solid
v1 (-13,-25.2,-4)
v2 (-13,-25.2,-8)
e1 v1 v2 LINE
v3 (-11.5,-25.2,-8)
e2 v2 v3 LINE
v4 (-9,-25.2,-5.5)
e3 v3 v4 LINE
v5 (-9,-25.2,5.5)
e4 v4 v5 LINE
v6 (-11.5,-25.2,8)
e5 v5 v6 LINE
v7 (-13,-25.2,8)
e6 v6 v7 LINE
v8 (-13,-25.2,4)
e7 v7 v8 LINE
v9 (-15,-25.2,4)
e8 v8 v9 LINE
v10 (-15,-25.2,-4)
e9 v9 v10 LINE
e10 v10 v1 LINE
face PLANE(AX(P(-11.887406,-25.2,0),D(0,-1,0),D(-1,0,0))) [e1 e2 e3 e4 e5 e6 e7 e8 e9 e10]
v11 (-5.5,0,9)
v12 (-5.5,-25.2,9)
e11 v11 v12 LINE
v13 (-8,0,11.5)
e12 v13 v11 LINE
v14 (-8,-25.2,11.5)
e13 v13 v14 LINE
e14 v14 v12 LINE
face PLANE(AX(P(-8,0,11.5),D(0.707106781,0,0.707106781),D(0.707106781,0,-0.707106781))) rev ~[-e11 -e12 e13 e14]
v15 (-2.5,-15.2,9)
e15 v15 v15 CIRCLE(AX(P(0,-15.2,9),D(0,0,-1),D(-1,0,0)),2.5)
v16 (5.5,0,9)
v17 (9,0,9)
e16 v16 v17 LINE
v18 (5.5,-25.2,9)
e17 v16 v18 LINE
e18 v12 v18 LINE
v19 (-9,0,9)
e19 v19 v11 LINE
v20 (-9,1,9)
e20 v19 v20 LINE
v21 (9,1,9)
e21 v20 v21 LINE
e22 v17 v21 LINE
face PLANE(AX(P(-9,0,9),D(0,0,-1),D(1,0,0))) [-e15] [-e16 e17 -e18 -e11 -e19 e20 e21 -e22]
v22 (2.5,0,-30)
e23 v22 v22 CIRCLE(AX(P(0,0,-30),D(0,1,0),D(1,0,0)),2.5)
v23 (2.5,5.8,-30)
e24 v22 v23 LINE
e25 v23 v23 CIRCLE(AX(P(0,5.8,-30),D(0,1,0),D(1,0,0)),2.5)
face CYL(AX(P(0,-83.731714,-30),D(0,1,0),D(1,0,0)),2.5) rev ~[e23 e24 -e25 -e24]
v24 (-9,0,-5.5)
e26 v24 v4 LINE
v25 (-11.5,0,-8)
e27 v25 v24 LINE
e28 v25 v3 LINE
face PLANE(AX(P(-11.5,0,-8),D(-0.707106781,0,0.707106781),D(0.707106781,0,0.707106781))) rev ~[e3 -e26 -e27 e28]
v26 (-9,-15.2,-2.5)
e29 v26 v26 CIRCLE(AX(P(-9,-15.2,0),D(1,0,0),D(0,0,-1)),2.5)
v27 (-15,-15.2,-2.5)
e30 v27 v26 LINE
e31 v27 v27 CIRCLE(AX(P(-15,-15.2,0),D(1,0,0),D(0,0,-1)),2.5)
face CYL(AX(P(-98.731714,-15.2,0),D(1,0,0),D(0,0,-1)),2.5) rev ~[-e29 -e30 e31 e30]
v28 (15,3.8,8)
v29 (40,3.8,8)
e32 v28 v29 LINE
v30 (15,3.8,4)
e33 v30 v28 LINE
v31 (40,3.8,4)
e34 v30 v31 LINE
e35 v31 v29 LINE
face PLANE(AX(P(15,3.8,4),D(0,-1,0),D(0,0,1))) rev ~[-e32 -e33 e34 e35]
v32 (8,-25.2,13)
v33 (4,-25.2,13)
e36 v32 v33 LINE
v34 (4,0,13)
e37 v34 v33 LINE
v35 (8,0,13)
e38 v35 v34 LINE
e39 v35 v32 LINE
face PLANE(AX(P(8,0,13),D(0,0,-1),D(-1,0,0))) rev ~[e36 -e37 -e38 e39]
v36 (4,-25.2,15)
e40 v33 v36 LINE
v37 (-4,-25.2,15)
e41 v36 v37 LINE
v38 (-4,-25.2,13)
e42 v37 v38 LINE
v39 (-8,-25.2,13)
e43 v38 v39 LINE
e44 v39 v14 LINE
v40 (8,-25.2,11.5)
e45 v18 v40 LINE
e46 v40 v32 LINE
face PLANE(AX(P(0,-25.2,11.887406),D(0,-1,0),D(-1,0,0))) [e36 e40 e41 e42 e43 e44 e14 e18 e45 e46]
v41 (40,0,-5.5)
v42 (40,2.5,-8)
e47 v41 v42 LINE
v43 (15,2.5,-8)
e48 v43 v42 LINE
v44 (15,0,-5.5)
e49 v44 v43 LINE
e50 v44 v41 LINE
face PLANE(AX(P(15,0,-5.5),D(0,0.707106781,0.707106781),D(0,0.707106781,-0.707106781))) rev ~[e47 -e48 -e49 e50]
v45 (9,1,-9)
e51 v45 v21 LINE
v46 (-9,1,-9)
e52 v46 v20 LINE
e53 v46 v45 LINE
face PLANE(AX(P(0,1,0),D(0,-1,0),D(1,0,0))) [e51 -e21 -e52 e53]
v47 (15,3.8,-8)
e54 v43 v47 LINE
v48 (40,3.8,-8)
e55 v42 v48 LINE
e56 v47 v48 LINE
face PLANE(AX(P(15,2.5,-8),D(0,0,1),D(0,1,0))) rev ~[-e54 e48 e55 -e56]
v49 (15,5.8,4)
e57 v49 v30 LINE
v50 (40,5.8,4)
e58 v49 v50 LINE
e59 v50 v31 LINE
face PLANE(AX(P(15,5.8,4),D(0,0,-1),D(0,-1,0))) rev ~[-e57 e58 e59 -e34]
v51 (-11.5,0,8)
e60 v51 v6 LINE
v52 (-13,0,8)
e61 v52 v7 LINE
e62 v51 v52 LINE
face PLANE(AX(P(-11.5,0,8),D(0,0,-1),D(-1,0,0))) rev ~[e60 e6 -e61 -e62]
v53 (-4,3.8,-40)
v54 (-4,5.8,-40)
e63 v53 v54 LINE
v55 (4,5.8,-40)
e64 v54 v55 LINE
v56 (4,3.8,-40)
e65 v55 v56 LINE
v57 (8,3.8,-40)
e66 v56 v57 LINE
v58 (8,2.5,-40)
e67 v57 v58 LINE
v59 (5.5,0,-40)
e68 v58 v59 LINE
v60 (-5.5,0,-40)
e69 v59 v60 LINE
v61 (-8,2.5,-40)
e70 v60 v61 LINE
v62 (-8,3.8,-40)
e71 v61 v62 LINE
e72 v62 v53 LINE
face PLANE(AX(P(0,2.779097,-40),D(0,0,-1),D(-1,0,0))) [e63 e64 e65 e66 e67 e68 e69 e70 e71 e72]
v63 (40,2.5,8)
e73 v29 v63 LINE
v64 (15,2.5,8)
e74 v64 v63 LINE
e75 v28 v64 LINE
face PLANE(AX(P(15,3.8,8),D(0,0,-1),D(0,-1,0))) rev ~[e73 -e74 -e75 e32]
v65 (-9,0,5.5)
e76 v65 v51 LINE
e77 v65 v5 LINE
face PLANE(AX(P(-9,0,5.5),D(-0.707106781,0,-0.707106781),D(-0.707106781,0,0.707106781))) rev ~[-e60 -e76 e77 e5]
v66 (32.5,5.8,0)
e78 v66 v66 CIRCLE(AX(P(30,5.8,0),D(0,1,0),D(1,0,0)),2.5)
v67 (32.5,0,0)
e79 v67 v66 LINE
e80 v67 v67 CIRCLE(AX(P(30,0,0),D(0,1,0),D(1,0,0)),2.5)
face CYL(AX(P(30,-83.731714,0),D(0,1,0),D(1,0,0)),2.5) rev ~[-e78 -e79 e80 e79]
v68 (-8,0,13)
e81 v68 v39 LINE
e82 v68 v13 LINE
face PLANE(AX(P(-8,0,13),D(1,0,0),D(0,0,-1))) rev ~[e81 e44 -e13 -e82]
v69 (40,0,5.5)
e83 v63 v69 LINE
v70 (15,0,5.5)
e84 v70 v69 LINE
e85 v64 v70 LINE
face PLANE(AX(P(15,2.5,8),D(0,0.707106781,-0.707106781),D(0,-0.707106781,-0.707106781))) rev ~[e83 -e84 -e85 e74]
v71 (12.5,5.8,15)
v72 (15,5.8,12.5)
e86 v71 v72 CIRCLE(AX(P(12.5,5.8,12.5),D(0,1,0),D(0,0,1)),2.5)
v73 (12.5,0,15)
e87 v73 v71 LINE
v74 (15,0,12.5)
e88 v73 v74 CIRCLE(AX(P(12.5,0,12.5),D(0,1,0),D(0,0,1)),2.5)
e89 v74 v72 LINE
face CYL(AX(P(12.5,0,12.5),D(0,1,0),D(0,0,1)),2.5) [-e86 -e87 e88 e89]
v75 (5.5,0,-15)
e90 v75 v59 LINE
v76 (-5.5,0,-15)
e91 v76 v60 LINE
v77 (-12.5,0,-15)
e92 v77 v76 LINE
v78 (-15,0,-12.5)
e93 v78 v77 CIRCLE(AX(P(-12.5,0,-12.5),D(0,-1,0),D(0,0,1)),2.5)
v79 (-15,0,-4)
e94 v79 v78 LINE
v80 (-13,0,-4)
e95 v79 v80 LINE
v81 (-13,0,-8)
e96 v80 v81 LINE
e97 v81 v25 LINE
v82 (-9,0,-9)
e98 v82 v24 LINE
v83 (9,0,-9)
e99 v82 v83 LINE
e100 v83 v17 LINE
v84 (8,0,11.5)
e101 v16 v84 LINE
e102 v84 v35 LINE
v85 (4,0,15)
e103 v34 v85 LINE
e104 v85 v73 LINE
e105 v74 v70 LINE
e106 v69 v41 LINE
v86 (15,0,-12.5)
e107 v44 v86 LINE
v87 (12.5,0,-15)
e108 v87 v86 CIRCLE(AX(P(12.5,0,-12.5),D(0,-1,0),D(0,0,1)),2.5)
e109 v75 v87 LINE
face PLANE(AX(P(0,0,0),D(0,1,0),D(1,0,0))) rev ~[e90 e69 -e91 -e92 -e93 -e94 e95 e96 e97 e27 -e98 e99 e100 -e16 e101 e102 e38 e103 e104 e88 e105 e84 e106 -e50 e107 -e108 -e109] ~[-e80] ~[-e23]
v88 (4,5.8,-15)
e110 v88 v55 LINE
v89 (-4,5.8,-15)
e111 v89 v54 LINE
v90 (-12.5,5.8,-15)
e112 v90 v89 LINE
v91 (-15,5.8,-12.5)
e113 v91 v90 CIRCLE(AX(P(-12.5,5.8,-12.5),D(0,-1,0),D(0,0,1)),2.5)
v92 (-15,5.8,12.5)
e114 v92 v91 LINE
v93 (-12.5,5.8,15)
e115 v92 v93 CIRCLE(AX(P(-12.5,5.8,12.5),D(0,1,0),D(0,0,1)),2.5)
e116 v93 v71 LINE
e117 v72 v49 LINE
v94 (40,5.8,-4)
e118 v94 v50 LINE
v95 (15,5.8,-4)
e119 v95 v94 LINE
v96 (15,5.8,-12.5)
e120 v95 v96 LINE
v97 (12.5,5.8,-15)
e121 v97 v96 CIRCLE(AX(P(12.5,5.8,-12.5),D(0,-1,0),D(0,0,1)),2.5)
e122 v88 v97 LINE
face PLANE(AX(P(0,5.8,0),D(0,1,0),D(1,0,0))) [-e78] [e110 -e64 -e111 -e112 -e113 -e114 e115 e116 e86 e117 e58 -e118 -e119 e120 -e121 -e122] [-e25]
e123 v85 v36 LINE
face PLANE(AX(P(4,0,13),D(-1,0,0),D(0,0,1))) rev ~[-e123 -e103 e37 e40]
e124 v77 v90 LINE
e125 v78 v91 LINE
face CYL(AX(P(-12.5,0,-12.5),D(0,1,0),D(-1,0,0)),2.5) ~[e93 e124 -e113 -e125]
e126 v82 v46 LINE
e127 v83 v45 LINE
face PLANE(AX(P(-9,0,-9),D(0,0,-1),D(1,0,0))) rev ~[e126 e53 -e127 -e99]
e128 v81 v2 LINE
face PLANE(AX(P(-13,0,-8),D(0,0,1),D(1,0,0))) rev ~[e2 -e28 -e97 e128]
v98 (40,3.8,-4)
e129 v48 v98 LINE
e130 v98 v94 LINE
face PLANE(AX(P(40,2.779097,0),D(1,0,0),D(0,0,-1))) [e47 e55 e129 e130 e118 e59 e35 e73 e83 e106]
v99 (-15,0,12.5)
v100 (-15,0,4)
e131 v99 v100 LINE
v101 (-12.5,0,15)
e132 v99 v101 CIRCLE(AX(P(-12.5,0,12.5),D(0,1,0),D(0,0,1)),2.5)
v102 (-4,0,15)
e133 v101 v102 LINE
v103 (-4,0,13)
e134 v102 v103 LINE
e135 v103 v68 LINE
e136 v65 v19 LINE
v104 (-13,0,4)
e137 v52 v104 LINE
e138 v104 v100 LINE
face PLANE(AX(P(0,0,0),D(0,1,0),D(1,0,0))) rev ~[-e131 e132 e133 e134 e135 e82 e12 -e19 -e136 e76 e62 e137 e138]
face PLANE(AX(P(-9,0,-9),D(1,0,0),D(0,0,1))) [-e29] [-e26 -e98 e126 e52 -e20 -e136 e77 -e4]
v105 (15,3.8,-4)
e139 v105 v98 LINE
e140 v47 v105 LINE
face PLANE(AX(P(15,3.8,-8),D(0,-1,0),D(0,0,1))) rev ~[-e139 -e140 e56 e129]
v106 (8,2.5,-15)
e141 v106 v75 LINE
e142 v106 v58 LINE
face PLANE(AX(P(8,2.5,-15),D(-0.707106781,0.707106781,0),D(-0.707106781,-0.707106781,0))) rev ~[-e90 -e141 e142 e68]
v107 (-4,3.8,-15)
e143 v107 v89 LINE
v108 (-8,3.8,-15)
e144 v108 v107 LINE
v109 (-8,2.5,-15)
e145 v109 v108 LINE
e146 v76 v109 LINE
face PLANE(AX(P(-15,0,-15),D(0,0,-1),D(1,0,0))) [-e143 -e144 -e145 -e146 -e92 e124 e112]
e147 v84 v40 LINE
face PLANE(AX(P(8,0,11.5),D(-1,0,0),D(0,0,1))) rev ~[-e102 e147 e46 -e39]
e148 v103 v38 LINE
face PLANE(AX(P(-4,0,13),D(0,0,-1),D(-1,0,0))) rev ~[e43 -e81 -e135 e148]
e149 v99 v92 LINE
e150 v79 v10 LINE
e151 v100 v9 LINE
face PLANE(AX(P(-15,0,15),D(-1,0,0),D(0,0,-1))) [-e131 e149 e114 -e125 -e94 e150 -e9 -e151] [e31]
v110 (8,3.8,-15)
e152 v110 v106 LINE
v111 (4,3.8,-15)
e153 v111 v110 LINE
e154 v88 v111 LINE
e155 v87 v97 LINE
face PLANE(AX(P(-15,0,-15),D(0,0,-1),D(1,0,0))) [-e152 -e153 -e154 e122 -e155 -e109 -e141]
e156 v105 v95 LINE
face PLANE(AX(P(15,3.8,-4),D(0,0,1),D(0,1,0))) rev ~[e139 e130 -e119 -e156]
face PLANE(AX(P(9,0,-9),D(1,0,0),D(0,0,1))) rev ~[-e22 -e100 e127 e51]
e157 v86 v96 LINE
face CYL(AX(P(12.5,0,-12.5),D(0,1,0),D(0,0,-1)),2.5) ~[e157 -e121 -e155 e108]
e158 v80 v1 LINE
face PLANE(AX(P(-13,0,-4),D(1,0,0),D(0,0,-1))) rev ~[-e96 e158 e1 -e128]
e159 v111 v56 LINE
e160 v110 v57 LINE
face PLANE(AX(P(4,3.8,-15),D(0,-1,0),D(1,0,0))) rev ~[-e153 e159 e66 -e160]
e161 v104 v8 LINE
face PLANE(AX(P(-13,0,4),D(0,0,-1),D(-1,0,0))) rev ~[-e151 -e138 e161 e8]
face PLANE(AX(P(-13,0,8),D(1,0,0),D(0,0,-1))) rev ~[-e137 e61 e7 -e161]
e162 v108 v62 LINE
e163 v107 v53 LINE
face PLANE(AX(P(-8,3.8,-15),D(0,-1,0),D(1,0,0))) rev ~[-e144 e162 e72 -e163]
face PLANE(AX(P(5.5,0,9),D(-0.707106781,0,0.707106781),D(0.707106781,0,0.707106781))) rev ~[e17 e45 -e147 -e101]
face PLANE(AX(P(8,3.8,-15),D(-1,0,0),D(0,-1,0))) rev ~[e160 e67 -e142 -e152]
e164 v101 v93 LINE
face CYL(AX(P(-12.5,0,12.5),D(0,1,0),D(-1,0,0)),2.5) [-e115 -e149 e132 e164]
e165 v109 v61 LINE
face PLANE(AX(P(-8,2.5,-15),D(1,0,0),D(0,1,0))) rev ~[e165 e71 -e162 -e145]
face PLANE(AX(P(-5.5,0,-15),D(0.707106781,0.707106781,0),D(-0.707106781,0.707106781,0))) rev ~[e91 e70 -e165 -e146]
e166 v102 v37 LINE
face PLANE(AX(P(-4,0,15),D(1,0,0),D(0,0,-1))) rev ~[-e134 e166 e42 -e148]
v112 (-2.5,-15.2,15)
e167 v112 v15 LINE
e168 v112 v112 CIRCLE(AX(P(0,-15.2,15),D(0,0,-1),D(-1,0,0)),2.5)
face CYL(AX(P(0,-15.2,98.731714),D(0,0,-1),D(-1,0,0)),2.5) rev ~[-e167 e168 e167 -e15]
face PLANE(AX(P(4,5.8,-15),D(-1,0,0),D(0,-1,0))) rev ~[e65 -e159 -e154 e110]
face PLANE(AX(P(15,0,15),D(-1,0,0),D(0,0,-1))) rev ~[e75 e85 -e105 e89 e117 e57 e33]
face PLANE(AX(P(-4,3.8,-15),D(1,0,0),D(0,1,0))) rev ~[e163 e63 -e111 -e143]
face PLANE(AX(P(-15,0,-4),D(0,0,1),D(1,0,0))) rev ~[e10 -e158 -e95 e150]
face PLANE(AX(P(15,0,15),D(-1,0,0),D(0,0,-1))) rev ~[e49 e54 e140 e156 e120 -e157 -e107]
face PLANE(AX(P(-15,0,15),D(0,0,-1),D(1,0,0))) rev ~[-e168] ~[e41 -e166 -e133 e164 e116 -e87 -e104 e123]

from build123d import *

# Parameters (mm, degrees)
SKETCH_1_W               = 30
SKETCH_1_H               = 30
EXTRUDE_1_DEPTH          = 5.8
EXTRUDE_2_DEPTH          = 25.2
SKETCH_3_W               = 18
SKETCH_3_H               = 18
CUT_EXTRUDE_1_DEPTH      = 1
EXTRUDE_4_DEPTH          = 25
PATTERN_CIRCULAR_1_COUNT = 2
PATTERN_CIRCULAR_1_ANGLE = 90
HOLE_WIZARD_M6_1_D       = 5
HOLE_WIZARD_M6_2_D       = 5
HOLE_WIZARD_M6_3_D       = 5
FILLET_1_R               = 2.5


with BuildPart() as part:
    # 草图1 → 凸台-拉伸1 (new body)
    with BuildSketch(Plane(origin=(0, 0, 0), x_dir=(1, 0, 0), z_dir=(0, 1, 0))):
        Rectangle(SKETCH_1_W, SKETCH_1_H)
    extrude(amount=EXTRUDE_1_DEPTH)

    # 草图2 → 凸台-拉伸2 (add)
    with BuildSketch(Plane(origin=(0, 0, 0), x_dir=(-1, 0, 0), z_dir=(0, -1, 0))):
        Polygon((4, -15), (4, -13), (8, -13), (8, -11.5), (5.5, -9), (-5.5, -9), (-8, -11.5), (-8, -13), (-4, -13), (-4, -15), align=None)
        Polygon((15, 4), (13, 4), (13, 8), (11.5, 8), (9, 5.5), (9, -5.5), (11.5, -8), (13, -8), (13, -4), (15, -4), align=None)
    extrude(amount=EXTRUDE_2_DEPTH)

    # 草图3 → 切除-拉伸1 (cut)
    with BuildSketch(Plane.XZ):
        Rectangle(SKETCH_3_W, SKETCH_3_H)
    extrude(amount=-CUT_EXTRUDE_1_DEPTH, mode=Mode.SUBTRACT)

    # 草图5 → 凸台-拉伸4 (add)
    with BuildSketch(Plane(origin=(0, 0, -15), x_dir=(-1, 0, 0), z_dir=(0, 0, -1))):
        Polygon((-5.5, 0), (5.5, 0), (8, 2.5), (8, 3.8), (4, 3.8), (4, 5.8), (-4, 5.8), (-4, 3.8), (-8, 3.8), (-8, 2.5), align=None)
    extrude_4 = extrude(amount=EXTRUDE_4_DEPTH)

    # 阵列(圆周)1: 凸台-拉伸4 ×2 about axis
    pattern_circular_1_axis = Axis((0, 0, 0), (0, -1, 0))
    for i in range(1, PATTERN_CIRCULAR_1_COUNT):
        add(extrude_4.rotate(pattern_circular_1_axis, i * PATTERN_CIRCULAR_1_ANGLE / (PATTERN_CIRCULAR_1_COUNT - 1)))

    # M6 螺纹孔1 (through all)
    with Locations(Plane(origin=(0, 0, 0), x_dir=(-1, 0, 0), z_dir=(0, -1, 0))):
        with Locations((-30, 0), (0, 30)):
            Hole(HOLE_WIZARD_M6_1_D / 2)

    # M6 螺纹孔2 (through all)
    with Locations(Plane.ZY.offset(15)):
        with Locations((0, -15.2)):
            Hole(HOLE_WIZARD_M6_2_D / 2)

    # M6 螺纹孔3 (through all)
    with Locations(Plane.XY.offset(15)):
        with Locations((0, -15.2)):
            Hole(HOLE_WIZARD_M6_3_D / 2)

    # 圆角1
    fillet_1_edges = [part.edges().sort_by_distance(p)[0] for p in [
        (15, 2.9, 15),
        (-15, 2.9, 15),
        (-15, 2.9, -15),
        (15, 2.9, -15),
    ]]
    fillet(fillet_1_edges, radius=FILLET_1_R)


solid = part.part
